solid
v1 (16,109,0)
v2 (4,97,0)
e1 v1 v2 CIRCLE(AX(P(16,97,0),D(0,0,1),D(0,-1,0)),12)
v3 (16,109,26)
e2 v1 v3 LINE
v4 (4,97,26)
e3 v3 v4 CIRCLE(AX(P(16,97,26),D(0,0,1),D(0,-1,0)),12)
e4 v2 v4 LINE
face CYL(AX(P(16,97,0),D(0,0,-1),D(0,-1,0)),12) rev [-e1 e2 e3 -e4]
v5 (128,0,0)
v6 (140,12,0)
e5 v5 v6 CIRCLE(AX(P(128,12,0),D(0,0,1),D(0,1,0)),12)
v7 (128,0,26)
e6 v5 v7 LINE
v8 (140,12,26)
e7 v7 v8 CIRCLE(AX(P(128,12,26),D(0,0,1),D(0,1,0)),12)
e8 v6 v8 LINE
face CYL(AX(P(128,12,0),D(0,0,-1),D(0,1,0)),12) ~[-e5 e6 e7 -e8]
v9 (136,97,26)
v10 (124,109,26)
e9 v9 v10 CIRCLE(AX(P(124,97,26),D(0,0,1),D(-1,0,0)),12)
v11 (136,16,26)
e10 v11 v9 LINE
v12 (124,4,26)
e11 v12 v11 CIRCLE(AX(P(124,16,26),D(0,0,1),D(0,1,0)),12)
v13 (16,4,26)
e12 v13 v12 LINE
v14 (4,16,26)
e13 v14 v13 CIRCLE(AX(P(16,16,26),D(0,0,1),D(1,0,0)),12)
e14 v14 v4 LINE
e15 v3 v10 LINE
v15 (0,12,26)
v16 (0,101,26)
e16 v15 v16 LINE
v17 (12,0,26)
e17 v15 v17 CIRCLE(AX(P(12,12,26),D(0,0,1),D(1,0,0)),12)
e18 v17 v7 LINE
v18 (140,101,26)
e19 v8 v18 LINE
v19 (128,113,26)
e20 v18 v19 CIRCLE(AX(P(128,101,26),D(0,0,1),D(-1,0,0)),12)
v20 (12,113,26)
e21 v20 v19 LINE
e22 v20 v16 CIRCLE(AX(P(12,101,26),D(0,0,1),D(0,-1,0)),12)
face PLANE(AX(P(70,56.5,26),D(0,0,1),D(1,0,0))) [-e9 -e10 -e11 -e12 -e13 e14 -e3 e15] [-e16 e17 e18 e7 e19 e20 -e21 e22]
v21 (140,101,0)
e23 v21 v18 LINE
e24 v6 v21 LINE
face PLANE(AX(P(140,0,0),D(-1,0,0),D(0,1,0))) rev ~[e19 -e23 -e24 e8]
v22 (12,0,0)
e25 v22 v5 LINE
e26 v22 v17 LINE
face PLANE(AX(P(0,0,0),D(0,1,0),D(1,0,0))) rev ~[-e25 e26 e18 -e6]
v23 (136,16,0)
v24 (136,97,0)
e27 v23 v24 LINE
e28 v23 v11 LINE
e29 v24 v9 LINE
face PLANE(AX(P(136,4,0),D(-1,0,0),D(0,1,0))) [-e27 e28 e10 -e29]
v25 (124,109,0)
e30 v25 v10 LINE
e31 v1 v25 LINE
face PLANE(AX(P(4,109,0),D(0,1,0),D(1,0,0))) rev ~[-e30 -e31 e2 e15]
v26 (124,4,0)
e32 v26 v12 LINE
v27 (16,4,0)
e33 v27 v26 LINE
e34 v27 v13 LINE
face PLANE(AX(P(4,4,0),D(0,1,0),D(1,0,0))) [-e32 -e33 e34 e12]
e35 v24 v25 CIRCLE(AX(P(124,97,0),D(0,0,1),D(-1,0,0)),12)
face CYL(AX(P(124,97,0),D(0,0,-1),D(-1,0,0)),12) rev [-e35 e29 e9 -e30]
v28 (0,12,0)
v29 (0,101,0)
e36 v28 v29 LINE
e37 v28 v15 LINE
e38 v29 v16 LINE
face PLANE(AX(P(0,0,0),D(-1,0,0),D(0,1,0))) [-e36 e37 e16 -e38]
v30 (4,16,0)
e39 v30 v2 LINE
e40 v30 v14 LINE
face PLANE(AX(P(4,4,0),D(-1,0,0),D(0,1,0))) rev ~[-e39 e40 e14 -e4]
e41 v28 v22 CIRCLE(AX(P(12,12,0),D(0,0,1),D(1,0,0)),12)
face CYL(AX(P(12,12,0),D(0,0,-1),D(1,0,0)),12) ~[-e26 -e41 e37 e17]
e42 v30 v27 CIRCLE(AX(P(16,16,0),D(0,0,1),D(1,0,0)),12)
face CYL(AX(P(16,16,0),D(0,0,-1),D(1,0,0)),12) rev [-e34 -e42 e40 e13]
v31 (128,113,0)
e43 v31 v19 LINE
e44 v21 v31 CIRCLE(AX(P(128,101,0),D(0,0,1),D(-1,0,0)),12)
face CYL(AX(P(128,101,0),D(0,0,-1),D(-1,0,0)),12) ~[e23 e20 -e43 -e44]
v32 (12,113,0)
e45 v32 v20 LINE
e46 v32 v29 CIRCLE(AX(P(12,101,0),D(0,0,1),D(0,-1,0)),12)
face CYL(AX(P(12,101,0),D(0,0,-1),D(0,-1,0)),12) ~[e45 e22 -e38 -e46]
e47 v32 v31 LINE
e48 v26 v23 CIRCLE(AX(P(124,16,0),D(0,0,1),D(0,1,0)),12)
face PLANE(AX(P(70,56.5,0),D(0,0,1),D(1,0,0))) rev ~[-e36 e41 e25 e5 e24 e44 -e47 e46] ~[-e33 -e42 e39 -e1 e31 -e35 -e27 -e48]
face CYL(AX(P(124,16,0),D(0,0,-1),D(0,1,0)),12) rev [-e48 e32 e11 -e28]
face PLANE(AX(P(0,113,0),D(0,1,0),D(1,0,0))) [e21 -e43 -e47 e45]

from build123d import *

# Parameters (mm, degrees)
CYLINDER086_R          = 12
CYLINDER086_DEPTH      = 26
BOX065_W               = 12
BOX065_H               = 12
BOX065_DEPTH           = 26
CYLINDER087_R          = 12
CYLINDER087_DEPTH      = 26
BOX066_W               = 12
BOX066_H               = 12
BOX066_DEPTH           = 26
CUT039_PLACEMENT_ANGLE = 90
CYLINDER088_R          = 12
CYLINDER088_DEPTH      = 26
BOX067_W               = 12
BOX067_H               = 12
BOX067_DEPTH           = 26
CUT040_PLACEMENT_ANGLE = 180
CYLINDER089_R          = 12
CYLINDER089_DEPTH      = 26
BOX068_W               = 12
BOX068_H               = 12
BOX068_DEPTH           = 26
CUT041_PLACEMENT_ANGLE = 90
BOX064_W               = 132
BOX064_H               = 105
BOX064_DEPTH           = 26
CYLINDER082_R          = 12
CYLINDER082_DEPTH      = 26
BOX060_W               = 12
BOX060_H               = 12
BOX060_DEPTH           = 26
CYLINDER083_R          = 12
CYLINDER083_DEPTH      = 26
BOX061_W               = 12
BOX061_H               = 12
BOX061_DEPTH           = 26
CUT034_PLACEMENT_ANGLE = 90
CYLINDER084_R          = 12
CYLINDER084_DEPTH      = 26
BOX062_W               = 12
BOX062_H               = 12
BOX062_DEPTH           = 26
CUT035_PLACEMENT_ANGLE = 180
CYLINDER085_R          = 12
CYLINDER085_DEPTH      = 26
BOX063_W               = 12
BOX063_H               = 12
BOX063_DEPTH           = 26
CUT036_PLACEMENT_ANGLE = 90
BOX059_W               = 140
BOX059_H               = 113
BOX059_DEPTH           = 26


with BuildPart() as cylinder088:
    # Cylinder086 → Cylinder086 (new body)
    with BuildSketch(Plane(origin=(12, 12, 0), x_dir=(1, 0, 0), z_dir=(0, 0, 1))):
        Circle(CYLINDER086_R)
    extrude(amount=CYLINDER086_DEPTH)


with BuildPart() as cutout014:
    # Box065 → Box065 (new body)
    with BuildSketch(Plane.XY):
        with Locations((6, 6)):
            Rectangle(BOX065_W, BOX065_H)
    extrude(amount=BOX065_DEPTH)

    # Cut038: cut Cylinder088
    add(cylinder088.part, mode=Mode.SUBTRACT)


with BuildPart() as cutout014_1:
    # Cut038 placement: moved
    add(cutout014.part.moved(Location((4, 4, 0))))


with BuildPart() as cylinder089:
    # Cylinder087 → Cylinder087 (new body)
    with BuildSketch(Plane(origin=(12, 12, 0), x_dir=(1, 0, 0), z_dir=(0, 0, 1))):
        Circle(CYLINDER087_R)
    extrude(amount=CYLINDER087_DEPTH)


with BuildPart() as cutout015:
    # Box066 → Box066 (new body)
    with BuildSketch(Plane.XY):
        with Locations((6, 6)):
            Rectangle(BOX066_W, BOX066_H)
    extrude(amount=BOX066_DEPTH)

    # Cut039: cut Cylinder089
    add(cylinder089.part, mode=Mode.SUBTRACT)


with BuildPart() as cutout015_1:
    # Cut039 placement: moved
    add(cutout015.part.moved(Location((136, 4, 0))).rotate(Axis((136, 4, 0), (0, 0, 1)), CUT039_PLACEMENT_ANGLE))


with BuildPart() as cylinder090:
    # Cylinder088 → Cylinder088 (new body)
    with BuildSketch(Plane(origin=(12, 12, 0), x_dir=(1, 0, 0), z_dir=(0, 0, 1))):
        Circle(CYLINDER088_R)
    extrude(amount=CYLINDER088_DEPTH)


with BuildPart() as cutout016:
    # Box067 → Box067 (new body)
    with BuildSketch(Plane.XY):
        with Locations((6, 6)):
            Rectangle(BOX067_W, BOX067_H)
    extrude(amount=BOX067_DEPTH)

    # Cut040: cut Cylinder090
    add(cylinder090.part, mode=Mode.SUBTRACT)


with BuildPart() as cutout016_1:
    # Cut040 placement: moved
    add(cutout016.part.moved(Location((136, 109, 0))).rotate(Axis((136, 109, 0), (0, 0, 1)), CUT040_PLACEMENT_ANGLE))


with BuildPart() as cylinder091:
    # Cylinder089 → Cylinder089 (new body)
    with BuildSketch(Plane(origin=(12, 12, 0), x_dir=(1, 0, 0), z_dir=(0, 0, 1))):
        Circle(CYLINDER089_R)
    extrude(amount=CYLINDER089_DEPTH)


with BuildPart() as cuts003:
    # Box068 → Box068 (new body)
    with BuildSketch(Plane.XY):
        with Locations((6, 6)):
            Rectangle(BOX068_W, BOX068_H)
    extrude(amount=BOX068_DEPTH)

    # Cut041: cut Cylinder091
    add(cylinder091.part, mode=Mode.SUBTRACT)


with BuildPart() as cuts003_1:
    # Cut041 placement: moved
    add(cuts003.part.moved(Location((4, 109, 0))).rotate(Axis((4, 109, 0), (0, 0, -1)), CUT041_PLACEMENT_ANGLE))

    # Fusion043: union cutOut014, cutOut015, cutOut016
    add(cutout014_1.part)
    add(cutout015_1.part)
    add(cutout016_1.part)


with BuildPart() as wallcut:
    # Box064 → Box064 (new body)
    with BuildSketch(Plane(origin=(4, 4, 0), x_dir=(1, 0, 0), z_dir=(0, 0, 1))):
        with Locations((66, 52.5)):
            Rectangle(BOX064_W, BOX064_H)
    extrude(amount=BOX064_DEPTH)

    # Cut042: cut cuts003
    add(cuts003_1.part, mode=Mode.SUBTRACT)


with BuildPart() as cylinder084:
    # Cylinder082 → Cylinder082 (new body)
    with BuildSketch(Plane(origin=(12, 12, 0), x_dir=(1, 0, 0), z_dir=(0, 0, 1))):
        Circle(CYLINDER082_R)
    extrude(amount=CYLINDER082_DEPTH)


with BuildPart() as cutout010:
    # Box060 → Box060 (new body)
    with BuildSketch(Plane.XY):
        with Locations((6, 6)):
            Rectangle(BOX060_W, BOX060_H)
    extrude(amount=BOX060_DEPTH)

    # Cut033: cut Cylinder084
    add(cylinder084.part, mode=Mode.SUBTRACT)


with BuildPart() as cylinder085:
    # Cylinder083 → Cylinder083 (new body)
    with BuildSketch(Plane(origin=(12, 12, 0), x_dir=(1, 0, 0), z_dir=(0, 0, 1))):
        Circle(CYLINDER083_R)
    extrude(amount=CYLINDER083_DEPTH)


with BuildPart() as cutout011:
    # Box061 → Box061 (new body)
    with BuildSketch(Plane.XY):
        with Locations((6, 6)):
            Rectangle(BOX061_W, BOX061_H)
    extrude(amount=BOX061_DEPTH)

    # Cut034: cut Cylinder085
    add(cylinder085.part, mode=Mode.SUBTRACT)


with BuildPart() as cutout011_1:
    # Cut034 placement: moved
    add(cutout011.part.moved(Location((140, 0, 0))).rotate(Axis((140, 0, 0), (0, 0, 1)), CUT034_PLACEMENT_ANGLE))


with BuildPart() as cylinder086:
    # Cylinder084 → Cylinder084 (new body)
    with BuildSketch(Plane(origin=(12, 12, 0), x_dir=(1, 0, 0), z_dir=(0, 0, 1))):
        Circle(CYLINDER084_R)
    extrude(amount=CYLINDER084_DEPTH)


with BuildPart() as cutout012:
    # Box062 → Box062 (new body)
    with BuildSketch(Plane.XY):
        with Locations((6, 6)):
            Rectangle(BOX062_W, BOX062_H)
    extrude(amount=BOX062_DEPTH)

    # Cut035: cut Cylinder086
    add(cylinder086.part, mode=Mode.SUBTRACT)


with BuildPart() as cutout012_1:
    # Cut035 placement: moved
    add(cutout012.part.moved(Location((140, 113, 0))).rotate(Axis((140, 113, 0), (0, 0, 1)), CUT035_PLACEMENT_ANGLE))


with BuildPart() as cylinder087:
    # Cylinder085 → Cylinder085 (new body)
    with BuildSketch(Plane(origin=(12, 12, 0), x_dir=(1, 0, 0), z_dir=(0, 0, 1))):
        Circle(CYLINDER085_R)
    extrude(amount=CYLINDER085_DEPTH)


with BuildPart() as cuts002:
    # Box063 → Box063 (new body)
    with BuildSketch(Plane.XY):
        with Locations((6, 6)):
            Rectangle(BOX063_W, BOX063_H)
    extrude(amount=BOX063_DEPTH)

    # Cut036: cut Cylinder087
    add(cylinder087.part, mode=Mode.SUBTRACT)


with BuildPart() as cuts002_1:
    # Cut036 placement: moved
    add(cuts002.part.moved(Location((0, 113, 0))).rotate(Axis((0, 113, 0), (0, 0, -1)), CUT036_PLACEMENT_ANGLE))

    # Fusion042: union cutOut010, cutOut011, cutOut012
    add(cutout010.part)
    add(cutout011_1.part)
    add(cutout012_1.part)


with BuildPart() as wall001:
    # Box059 → Box059 (new body)
    with BuildSketch(Plane.XY):
        with Locations((70, 56.5)):
            Rectangle(BOX059_W, BOX059_H)
    extrude(amount=BOX059_DEPTH)

    # Cut037: cut cuts002
    add(cuts002_1.part, mode=Mode.SUBTRACT)

    # Cut043: cut wallCut
    add(wallcut.part, mode=Mode.SUBTRACT)


solid = wall001.part
